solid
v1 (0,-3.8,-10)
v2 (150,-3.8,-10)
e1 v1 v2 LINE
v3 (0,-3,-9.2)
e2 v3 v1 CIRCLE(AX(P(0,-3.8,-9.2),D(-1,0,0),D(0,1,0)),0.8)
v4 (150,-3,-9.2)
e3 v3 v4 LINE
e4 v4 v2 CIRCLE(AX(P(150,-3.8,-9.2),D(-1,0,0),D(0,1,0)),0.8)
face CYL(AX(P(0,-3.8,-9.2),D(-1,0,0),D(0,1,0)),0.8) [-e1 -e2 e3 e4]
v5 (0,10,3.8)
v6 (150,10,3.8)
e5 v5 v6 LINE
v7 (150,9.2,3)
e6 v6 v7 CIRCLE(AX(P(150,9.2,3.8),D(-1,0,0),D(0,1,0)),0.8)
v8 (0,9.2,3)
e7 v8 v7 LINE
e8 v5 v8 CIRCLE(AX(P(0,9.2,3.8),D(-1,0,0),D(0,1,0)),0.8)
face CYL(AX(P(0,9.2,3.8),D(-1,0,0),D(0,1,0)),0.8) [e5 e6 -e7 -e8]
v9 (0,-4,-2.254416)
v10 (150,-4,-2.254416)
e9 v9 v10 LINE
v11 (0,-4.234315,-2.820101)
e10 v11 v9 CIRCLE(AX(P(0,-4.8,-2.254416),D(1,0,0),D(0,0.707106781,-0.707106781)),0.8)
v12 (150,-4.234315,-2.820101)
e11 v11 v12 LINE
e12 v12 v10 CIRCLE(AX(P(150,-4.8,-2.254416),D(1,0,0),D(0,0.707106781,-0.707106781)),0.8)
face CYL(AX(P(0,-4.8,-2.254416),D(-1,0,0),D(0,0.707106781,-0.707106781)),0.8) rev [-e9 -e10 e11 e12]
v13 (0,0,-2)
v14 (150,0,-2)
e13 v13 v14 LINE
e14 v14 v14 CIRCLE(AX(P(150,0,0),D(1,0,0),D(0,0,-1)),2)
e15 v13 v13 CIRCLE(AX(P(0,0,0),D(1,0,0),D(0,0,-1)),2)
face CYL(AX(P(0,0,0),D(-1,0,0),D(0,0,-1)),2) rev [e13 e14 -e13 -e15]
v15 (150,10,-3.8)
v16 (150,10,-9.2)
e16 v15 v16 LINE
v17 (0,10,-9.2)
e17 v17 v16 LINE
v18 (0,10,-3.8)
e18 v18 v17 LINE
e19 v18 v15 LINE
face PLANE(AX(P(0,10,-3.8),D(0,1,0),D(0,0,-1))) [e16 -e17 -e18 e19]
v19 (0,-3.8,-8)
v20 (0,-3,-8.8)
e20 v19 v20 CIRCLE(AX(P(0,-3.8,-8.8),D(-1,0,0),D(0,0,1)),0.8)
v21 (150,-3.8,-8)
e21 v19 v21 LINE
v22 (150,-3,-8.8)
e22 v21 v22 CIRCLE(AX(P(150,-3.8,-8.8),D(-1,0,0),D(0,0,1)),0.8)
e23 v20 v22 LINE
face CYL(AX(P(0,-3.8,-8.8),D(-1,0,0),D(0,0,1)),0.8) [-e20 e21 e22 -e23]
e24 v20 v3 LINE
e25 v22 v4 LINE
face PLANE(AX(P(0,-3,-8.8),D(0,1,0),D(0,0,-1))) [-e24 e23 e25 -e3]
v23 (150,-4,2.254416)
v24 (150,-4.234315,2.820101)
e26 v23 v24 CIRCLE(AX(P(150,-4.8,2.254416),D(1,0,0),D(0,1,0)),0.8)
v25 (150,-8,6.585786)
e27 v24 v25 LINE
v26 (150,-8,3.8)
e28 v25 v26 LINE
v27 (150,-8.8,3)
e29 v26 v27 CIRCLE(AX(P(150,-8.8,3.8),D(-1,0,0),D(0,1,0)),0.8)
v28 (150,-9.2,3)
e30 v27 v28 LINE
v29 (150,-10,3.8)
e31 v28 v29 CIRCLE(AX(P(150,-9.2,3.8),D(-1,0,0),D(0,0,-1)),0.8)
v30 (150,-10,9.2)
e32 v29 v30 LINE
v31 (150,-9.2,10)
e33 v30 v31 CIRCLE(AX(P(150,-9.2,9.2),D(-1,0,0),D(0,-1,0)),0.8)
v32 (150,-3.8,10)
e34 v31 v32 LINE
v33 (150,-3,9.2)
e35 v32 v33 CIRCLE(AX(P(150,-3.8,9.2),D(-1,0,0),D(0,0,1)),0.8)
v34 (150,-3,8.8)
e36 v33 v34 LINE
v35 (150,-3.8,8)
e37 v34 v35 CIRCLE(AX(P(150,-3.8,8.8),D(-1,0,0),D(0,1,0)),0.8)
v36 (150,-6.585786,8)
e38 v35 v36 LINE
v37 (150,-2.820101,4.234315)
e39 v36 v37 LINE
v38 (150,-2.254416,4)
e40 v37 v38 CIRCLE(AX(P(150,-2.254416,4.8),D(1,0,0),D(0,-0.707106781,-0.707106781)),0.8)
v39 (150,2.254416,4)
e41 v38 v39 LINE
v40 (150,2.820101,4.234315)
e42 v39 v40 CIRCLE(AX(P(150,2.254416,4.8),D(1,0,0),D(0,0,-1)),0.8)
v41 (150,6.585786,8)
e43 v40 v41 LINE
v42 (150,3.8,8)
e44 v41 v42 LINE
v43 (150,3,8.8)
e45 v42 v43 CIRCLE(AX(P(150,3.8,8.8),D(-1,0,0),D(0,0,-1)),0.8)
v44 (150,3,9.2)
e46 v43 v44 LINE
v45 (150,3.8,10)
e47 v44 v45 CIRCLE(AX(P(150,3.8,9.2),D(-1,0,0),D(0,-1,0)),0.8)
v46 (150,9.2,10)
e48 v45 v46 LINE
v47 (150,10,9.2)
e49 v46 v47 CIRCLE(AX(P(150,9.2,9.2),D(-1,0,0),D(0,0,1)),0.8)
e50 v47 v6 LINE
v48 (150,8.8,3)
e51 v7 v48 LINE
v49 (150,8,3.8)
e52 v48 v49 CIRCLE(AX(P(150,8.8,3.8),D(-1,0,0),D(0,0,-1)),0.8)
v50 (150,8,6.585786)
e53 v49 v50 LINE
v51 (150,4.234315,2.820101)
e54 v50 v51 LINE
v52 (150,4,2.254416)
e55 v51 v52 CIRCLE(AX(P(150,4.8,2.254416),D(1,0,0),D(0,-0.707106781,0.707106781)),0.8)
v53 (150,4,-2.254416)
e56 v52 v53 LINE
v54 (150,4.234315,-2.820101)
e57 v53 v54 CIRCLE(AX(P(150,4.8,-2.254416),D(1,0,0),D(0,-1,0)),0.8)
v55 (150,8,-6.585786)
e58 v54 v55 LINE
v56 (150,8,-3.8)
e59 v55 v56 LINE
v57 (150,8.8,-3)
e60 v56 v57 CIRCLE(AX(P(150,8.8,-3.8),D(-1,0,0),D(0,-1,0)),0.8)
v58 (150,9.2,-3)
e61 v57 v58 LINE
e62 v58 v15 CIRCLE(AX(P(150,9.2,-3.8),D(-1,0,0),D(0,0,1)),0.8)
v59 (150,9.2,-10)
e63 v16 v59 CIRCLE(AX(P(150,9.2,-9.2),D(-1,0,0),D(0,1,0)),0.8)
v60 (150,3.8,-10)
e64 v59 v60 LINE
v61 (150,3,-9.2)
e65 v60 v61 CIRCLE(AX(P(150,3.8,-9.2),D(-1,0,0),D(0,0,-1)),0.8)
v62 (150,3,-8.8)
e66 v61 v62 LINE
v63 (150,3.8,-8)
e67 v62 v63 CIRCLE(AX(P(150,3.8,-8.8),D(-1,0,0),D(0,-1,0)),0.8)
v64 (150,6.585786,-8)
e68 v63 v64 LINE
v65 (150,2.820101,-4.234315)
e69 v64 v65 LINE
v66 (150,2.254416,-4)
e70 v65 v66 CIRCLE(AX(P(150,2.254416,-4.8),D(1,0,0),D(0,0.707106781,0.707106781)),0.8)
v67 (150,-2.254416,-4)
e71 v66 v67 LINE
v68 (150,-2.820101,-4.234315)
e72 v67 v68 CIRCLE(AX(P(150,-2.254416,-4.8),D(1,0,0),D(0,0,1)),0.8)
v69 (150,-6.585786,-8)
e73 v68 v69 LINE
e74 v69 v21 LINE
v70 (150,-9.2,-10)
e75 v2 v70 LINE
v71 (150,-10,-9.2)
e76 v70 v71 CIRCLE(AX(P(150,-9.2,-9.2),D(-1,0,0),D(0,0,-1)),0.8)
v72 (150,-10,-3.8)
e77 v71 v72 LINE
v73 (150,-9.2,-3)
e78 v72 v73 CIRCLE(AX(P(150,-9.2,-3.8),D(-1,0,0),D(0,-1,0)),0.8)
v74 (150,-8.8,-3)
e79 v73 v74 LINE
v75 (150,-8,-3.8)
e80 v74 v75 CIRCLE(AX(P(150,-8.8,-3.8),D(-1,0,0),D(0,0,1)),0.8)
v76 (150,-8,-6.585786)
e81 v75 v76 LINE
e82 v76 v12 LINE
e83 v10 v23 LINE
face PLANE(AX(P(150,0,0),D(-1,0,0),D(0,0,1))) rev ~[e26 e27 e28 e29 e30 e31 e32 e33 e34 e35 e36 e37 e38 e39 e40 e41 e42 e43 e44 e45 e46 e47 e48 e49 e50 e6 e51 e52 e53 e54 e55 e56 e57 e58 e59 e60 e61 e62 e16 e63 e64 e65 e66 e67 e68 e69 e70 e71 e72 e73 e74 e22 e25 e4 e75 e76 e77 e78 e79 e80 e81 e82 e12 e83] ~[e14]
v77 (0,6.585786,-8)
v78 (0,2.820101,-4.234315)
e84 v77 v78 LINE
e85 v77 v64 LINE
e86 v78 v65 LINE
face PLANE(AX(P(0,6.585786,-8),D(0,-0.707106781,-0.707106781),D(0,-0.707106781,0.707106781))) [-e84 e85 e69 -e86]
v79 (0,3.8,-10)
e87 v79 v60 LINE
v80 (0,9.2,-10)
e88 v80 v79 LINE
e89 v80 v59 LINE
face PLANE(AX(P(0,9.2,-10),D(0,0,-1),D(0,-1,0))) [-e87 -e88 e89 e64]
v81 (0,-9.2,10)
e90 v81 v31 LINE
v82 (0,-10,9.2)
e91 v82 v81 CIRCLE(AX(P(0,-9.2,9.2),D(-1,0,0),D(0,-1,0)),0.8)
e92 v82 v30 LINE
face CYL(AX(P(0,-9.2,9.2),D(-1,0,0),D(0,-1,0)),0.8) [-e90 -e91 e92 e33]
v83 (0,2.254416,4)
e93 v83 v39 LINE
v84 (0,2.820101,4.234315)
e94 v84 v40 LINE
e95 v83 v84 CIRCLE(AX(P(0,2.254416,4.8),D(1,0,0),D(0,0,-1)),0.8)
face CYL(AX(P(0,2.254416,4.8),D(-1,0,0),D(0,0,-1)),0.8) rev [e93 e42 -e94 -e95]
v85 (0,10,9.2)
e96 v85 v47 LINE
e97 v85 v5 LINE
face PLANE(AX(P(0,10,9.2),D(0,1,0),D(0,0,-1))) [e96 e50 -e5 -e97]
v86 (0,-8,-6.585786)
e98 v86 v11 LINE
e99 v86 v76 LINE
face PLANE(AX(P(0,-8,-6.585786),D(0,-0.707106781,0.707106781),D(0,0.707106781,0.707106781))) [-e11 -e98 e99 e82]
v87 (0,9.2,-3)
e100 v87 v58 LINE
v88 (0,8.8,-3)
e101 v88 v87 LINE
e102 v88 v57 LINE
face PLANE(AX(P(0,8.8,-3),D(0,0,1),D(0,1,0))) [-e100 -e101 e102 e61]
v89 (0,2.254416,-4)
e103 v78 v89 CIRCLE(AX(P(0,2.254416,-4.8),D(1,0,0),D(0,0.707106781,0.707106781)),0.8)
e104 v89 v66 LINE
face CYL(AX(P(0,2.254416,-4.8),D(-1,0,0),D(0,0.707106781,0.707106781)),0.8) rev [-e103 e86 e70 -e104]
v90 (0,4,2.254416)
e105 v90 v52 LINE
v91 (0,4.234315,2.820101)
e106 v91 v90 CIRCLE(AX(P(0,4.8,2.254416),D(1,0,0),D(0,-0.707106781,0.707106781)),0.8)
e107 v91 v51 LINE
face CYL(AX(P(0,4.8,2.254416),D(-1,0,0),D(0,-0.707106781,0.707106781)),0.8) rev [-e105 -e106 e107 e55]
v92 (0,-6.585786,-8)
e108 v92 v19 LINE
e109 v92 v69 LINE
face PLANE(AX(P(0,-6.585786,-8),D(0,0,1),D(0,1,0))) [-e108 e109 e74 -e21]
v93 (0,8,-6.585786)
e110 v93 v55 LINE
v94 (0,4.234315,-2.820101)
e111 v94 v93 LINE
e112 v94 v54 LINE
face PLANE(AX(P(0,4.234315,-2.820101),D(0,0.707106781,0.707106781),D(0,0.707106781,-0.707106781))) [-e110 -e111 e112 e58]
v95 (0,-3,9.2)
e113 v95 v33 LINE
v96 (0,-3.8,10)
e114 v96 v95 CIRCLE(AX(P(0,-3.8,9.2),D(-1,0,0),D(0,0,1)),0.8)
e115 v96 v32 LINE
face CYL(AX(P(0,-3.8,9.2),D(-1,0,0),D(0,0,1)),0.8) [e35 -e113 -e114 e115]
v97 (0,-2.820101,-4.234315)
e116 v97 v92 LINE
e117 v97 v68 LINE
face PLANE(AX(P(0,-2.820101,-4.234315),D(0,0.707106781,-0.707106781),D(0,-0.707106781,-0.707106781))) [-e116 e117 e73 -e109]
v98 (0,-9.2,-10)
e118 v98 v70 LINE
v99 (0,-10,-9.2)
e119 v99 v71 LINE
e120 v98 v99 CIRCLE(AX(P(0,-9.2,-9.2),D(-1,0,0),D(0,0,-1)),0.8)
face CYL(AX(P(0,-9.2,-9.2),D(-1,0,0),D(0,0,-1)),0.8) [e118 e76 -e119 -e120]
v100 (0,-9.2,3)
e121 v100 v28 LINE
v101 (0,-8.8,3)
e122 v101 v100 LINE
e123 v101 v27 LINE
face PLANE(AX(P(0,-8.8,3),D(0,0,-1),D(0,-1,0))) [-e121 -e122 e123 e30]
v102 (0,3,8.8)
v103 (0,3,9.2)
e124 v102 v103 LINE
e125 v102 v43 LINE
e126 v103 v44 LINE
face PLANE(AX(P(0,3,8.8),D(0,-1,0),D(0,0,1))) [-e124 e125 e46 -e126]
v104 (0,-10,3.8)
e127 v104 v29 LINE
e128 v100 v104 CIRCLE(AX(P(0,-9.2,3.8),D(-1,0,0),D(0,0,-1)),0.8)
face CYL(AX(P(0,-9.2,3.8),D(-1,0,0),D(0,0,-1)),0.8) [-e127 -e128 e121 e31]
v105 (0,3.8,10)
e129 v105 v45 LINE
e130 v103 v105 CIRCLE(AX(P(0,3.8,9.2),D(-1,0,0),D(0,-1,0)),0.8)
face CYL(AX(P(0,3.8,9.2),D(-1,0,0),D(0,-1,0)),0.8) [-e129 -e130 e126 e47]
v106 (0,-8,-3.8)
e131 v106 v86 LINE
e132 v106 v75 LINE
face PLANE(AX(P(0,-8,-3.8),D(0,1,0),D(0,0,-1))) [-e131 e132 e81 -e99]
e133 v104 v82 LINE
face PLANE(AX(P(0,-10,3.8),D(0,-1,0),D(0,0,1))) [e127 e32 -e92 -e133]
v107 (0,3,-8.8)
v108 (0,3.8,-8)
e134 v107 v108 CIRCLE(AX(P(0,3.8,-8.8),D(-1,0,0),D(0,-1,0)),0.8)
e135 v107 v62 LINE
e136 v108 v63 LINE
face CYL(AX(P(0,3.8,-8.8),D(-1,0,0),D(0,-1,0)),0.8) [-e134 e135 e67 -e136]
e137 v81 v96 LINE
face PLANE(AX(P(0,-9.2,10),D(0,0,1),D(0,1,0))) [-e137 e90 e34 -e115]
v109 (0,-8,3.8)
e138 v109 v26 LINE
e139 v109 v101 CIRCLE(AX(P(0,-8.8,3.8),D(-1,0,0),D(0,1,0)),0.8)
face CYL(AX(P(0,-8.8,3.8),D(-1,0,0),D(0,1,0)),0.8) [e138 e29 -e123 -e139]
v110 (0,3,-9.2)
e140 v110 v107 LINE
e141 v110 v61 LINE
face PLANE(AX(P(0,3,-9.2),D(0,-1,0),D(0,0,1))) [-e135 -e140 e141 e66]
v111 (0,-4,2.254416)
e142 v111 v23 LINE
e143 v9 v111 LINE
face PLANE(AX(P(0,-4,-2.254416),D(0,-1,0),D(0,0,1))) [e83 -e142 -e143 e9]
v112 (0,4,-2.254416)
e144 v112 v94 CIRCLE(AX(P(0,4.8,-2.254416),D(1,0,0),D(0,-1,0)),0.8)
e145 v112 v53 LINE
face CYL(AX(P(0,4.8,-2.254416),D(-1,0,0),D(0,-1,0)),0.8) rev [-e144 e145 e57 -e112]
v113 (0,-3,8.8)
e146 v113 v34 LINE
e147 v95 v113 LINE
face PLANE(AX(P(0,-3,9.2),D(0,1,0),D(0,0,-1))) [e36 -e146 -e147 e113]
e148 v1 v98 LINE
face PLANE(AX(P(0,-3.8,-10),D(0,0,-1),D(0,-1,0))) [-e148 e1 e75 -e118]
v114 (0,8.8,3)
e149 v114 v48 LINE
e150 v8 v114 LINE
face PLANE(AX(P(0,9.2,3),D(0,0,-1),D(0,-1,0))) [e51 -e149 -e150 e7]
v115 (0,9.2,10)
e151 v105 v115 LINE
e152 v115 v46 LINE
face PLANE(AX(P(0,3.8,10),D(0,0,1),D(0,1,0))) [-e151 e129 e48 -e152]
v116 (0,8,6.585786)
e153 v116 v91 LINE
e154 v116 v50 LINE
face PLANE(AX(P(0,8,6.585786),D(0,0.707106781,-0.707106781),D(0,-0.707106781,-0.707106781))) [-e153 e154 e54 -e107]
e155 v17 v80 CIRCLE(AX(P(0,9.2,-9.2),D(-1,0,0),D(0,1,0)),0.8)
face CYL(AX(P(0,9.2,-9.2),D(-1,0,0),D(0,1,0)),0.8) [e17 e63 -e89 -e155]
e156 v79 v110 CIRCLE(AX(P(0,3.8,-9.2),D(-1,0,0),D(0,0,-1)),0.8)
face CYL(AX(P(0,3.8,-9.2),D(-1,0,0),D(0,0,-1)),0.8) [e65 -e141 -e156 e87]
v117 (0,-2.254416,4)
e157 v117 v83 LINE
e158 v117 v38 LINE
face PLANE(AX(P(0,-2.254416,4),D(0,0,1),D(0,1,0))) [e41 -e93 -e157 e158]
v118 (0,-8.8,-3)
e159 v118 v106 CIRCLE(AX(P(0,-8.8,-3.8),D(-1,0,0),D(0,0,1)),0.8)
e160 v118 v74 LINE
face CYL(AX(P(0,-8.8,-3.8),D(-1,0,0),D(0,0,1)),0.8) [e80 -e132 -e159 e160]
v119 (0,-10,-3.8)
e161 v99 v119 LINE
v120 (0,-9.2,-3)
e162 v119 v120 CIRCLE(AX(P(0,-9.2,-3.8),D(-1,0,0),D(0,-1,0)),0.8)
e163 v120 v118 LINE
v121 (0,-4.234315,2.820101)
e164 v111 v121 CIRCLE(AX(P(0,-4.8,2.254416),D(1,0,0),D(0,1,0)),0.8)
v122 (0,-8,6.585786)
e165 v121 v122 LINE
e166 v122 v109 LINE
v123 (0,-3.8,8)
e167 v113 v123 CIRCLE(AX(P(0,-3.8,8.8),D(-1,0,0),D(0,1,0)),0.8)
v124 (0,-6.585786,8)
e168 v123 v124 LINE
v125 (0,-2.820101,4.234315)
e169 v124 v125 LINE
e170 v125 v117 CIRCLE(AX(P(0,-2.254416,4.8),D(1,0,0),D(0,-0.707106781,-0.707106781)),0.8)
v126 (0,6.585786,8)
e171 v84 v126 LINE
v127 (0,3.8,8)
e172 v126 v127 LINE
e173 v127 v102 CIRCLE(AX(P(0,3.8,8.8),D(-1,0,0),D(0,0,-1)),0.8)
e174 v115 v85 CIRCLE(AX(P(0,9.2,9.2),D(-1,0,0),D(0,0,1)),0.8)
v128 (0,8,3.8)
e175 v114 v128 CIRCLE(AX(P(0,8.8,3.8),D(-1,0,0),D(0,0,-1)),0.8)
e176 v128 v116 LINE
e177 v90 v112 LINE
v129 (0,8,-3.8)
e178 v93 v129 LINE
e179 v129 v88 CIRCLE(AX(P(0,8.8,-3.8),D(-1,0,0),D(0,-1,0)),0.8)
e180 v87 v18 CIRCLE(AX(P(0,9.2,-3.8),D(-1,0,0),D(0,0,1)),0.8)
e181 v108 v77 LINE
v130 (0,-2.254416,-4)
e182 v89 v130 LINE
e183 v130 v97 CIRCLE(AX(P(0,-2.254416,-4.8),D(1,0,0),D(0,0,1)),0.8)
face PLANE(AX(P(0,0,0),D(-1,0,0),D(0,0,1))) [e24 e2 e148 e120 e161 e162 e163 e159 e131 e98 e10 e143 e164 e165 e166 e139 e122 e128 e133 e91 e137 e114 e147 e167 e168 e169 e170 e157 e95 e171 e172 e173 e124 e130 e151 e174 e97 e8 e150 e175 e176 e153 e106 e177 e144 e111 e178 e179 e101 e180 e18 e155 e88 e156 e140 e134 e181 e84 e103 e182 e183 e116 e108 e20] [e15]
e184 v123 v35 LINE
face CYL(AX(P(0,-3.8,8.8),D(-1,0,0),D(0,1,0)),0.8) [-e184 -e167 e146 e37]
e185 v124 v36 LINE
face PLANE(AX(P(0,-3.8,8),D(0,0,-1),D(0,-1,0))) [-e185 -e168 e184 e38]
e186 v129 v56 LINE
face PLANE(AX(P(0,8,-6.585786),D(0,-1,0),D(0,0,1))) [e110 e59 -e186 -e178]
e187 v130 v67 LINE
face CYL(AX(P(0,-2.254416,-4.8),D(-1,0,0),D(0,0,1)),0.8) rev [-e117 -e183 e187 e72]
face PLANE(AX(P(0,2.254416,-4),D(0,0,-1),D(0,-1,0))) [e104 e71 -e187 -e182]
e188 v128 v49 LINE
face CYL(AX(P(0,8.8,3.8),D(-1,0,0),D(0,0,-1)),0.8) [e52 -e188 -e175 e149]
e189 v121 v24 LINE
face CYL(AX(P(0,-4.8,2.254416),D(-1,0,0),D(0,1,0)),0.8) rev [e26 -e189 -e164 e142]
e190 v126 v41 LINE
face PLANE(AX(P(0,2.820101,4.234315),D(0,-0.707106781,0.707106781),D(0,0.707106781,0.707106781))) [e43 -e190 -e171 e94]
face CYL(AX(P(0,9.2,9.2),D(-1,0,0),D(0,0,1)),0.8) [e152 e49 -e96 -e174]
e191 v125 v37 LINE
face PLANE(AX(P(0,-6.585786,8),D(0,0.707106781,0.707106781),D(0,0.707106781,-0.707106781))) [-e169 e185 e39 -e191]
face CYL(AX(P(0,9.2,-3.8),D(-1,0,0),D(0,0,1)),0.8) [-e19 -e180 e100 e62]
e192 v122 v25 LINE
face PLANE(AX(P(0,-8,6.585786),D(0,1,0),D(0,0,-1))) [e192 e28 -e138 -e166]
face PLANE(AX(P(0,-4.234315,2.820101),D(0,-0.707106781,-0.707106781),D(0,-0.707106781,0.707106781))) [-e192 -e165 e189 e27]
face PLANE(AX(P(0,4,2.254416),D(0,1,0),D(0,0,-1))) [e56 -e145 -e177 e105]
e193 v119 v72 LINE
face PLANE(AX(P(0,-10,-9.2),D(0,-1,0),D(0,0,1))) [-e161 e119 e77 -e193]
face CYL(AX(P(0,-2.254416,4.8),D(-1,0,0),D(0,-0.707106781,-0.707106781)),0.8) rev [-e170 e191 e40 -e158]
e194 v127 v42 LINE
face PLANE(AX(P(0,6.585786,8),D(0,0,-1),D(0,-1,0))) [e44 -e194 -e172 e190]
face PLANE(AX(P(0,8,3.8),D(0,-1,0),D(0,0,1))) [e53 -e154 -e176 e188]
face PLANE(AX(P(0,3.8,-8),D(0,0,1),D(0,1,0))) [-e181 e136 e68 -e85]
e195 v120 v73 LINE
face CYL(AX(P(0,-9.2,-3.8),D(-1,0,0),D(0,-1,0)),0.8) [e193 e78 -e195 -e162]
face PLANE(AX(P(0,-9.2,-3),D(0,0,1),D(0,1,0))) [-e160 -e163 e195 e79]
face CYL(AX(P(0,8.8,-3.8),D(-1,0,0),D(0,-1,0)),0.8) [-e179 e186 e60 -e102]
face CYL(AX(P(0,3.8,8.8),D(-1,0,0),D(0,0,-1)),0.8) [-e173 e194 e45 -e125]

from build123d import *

# Parameters (mm, degrees)
SKETCH11_R       = 2
SIZE_4X4_1_DEPTH = 150


with BuildPart() as part:
    # Sketch11 → Size 4X4 (1) (new body)
    with BuildSketch(Plane(origin=(0, 0, 0), x_dir=(0, 0, -1), z_dir=(1, 0, 0))):
        with BuildLine():
            Line((-3, 9.2), (-3, 8.8))
            ThreePointArc((-3, 8.8), (-3.234314575, 8.234314575), (-3.8, 8))
            Line((-3.8, 8), (-6.585786438, 8))
            Line((-6.585786438, 8), (-2.820101013, 4.234314575))
            ThreePointArc((-2.820101013, 4.234314575), (-2.560562334, 4.060896374), (-2.254415588, 4))
            Line((-2.254415588, 4), (2.254415588, 4))
            ThreePointArc((2.254415588, 4), (2.560562334, 4.060896374), (2.820101013, 4.234314575))
            Line((2.820101013, 4.234314575), (6.585786438, 8))
            Line((6.585786438, 8), (3.8, 8))
            ThreePointArc((3.8, 8), (3.234314575, 8.234314575), (3, 8.8))
            Line((3, 8.8), (3, 9.2))
            ThreePointArc((3, 9.2), (3.234314575, 9.765685425), (3.8, 10))
            Line((3.8, 10), (9.2, 10))
            ThreePointArc((9.2, 10), (9.765685425, 9.765685425), (10, 9.2))
            Line((10, 9.2), (10, 3.8))
            ThreePointArc((10, 3.8), (9.765685425, 3.234314575), (9.2, 3))
            Line((9.2, 3), (8.8, 3))
            ThreePointArc((8.8, 3), (8.234314575, 3.234314575), (8, 3.8))
            Line((8, 3.8), (8, 6.585786438))
            Line((8, 6.585786438), (4.234314575, 2.820101013))
            ThreePointArc((4.234314575, 2.820101013), (4.060896374, 2.560562334), (4, 2.254415588))
            Line((4, 2.254415588), (4, -2.254415588))
            ThreePointArc((4, -2.254415588), (4.060896374, -2.560562334), (4.234314575, -2.820101013))
            Line((4.234314575, -2.820101013), (8, -6.585786438))
            Line((8, -6.585786438), (8, -3.8))
            ThreePointArc((8, -3.8), (8.234314575, -3.234314575), (8.8, -3))
            Line((8.8, -3), (9.2, -3))
            ThreePointArc((9.2, -3), (9.765685425, -3.234314575), (10, -3.8))
            Line((10, -3.8), (10, -9.2))
            ThreePointArc((10, -9.2), (9.765685425, -9.765685425), (9.2, -10))
            Line((9.2, -10), (3.8, -10))
            ThreePointArc((3.8, -10), (3.234314575, -9.765685425), (3, -9.2))
            Line((3, -9.2), (3, -8.8))
            ThreePointArc((3, -8.8), (3.234314575, -8.234314575), (3.8, -8))
            Line((3.8, -8), (6.585786438, -8))
            Line((6.585786438, -8), (2.820101013, -4.234314575))
            ThreePointArc((2.820101013, -4.234314575), (2.560562334, -4.060896374), (2.254415588, -4))
            Line((2.254415588, -4), (-2.254415588, -4))
            ThreePointArc((-2.254415588, -4), (-2.560562334, -4.060896374), (-2.820101013, -4.234314575))
            Line((-2.820101013, -4.234314575), (-6.585786438, -8))
            Line((-6.585786438, -8), (-3.8, -8))
            ThreePointArc((-3.8, -8), (-3.234314575, -8.234314575), (-3, -8.8))
            Line((-3, -8.8), (-3, -9.2))
            ThreePointArc((-3, -9.2), (-3.234314575, -9.765685425), (-3.8, -10))
            Line((-3.8, -10), (-9.2, -10))
            ThreePointArc((-9.2, -10), (-9.765685425, -9.765685425), (-10, -9.2))
            Line((-10, -9.2), (-10, -3.8))
            ThreePointArc((-10, -3.8), (-9.765685425, -3.234314575), (-9.2, -3))
            Line((-9.2, -3), (-8.8, -3))
            ThreePointArc((-8.8, -3), (-8.234314575, -3.234314575), (-8, -3.8))
            Line((-8, -3.8), (-8, -6.585786438))
            Line((-8, -6.585786438), (-4.234314575, -2.820101013))
            ThreePointArc((-4.234314575, -2.820101013), (-4.060896374, -2.560562334), (-4, -2.254415588))
            Line((-4, -2.254415588), (-4, 2.254415588))
            ThreePointArc((-4, 2.254415588), (-4.060896374, 2.560562334), (-4.234314575, 2.820101013))
            Line((-4.234314575, 2.820101013), (-8, 6.585786438))
            Line((-8, 6.585786438), (-8, 3.8))
            ThreePointArc((-8, 3.8), (-8.234314575, 3.234314575), (-8.8, 3))
            Line((-8.8, 3), (-9.2, 3))
            ThreePointArc((-9.2, 3), (-9.765685425, 3.234314575), (-10, 3.8))
            Line((-10, 3.8), (-10, 9.2))
            ThreePointArc((-10, 9.2), (-9.765685425, 9.765685425), (-9.2, 10))
            Line((-9.2, 10), (-3.8, 10))
            ThreePointArc((-3.8, 10), (-3.234314575, 9.765685425), (-3, 9.2))
        make_face()
        Circle(SKETCH11_R, mode=Mode.SUBTRACT)
    extrude(amount=SIZE_4X4_1_DEPTH)


solid = part.part
